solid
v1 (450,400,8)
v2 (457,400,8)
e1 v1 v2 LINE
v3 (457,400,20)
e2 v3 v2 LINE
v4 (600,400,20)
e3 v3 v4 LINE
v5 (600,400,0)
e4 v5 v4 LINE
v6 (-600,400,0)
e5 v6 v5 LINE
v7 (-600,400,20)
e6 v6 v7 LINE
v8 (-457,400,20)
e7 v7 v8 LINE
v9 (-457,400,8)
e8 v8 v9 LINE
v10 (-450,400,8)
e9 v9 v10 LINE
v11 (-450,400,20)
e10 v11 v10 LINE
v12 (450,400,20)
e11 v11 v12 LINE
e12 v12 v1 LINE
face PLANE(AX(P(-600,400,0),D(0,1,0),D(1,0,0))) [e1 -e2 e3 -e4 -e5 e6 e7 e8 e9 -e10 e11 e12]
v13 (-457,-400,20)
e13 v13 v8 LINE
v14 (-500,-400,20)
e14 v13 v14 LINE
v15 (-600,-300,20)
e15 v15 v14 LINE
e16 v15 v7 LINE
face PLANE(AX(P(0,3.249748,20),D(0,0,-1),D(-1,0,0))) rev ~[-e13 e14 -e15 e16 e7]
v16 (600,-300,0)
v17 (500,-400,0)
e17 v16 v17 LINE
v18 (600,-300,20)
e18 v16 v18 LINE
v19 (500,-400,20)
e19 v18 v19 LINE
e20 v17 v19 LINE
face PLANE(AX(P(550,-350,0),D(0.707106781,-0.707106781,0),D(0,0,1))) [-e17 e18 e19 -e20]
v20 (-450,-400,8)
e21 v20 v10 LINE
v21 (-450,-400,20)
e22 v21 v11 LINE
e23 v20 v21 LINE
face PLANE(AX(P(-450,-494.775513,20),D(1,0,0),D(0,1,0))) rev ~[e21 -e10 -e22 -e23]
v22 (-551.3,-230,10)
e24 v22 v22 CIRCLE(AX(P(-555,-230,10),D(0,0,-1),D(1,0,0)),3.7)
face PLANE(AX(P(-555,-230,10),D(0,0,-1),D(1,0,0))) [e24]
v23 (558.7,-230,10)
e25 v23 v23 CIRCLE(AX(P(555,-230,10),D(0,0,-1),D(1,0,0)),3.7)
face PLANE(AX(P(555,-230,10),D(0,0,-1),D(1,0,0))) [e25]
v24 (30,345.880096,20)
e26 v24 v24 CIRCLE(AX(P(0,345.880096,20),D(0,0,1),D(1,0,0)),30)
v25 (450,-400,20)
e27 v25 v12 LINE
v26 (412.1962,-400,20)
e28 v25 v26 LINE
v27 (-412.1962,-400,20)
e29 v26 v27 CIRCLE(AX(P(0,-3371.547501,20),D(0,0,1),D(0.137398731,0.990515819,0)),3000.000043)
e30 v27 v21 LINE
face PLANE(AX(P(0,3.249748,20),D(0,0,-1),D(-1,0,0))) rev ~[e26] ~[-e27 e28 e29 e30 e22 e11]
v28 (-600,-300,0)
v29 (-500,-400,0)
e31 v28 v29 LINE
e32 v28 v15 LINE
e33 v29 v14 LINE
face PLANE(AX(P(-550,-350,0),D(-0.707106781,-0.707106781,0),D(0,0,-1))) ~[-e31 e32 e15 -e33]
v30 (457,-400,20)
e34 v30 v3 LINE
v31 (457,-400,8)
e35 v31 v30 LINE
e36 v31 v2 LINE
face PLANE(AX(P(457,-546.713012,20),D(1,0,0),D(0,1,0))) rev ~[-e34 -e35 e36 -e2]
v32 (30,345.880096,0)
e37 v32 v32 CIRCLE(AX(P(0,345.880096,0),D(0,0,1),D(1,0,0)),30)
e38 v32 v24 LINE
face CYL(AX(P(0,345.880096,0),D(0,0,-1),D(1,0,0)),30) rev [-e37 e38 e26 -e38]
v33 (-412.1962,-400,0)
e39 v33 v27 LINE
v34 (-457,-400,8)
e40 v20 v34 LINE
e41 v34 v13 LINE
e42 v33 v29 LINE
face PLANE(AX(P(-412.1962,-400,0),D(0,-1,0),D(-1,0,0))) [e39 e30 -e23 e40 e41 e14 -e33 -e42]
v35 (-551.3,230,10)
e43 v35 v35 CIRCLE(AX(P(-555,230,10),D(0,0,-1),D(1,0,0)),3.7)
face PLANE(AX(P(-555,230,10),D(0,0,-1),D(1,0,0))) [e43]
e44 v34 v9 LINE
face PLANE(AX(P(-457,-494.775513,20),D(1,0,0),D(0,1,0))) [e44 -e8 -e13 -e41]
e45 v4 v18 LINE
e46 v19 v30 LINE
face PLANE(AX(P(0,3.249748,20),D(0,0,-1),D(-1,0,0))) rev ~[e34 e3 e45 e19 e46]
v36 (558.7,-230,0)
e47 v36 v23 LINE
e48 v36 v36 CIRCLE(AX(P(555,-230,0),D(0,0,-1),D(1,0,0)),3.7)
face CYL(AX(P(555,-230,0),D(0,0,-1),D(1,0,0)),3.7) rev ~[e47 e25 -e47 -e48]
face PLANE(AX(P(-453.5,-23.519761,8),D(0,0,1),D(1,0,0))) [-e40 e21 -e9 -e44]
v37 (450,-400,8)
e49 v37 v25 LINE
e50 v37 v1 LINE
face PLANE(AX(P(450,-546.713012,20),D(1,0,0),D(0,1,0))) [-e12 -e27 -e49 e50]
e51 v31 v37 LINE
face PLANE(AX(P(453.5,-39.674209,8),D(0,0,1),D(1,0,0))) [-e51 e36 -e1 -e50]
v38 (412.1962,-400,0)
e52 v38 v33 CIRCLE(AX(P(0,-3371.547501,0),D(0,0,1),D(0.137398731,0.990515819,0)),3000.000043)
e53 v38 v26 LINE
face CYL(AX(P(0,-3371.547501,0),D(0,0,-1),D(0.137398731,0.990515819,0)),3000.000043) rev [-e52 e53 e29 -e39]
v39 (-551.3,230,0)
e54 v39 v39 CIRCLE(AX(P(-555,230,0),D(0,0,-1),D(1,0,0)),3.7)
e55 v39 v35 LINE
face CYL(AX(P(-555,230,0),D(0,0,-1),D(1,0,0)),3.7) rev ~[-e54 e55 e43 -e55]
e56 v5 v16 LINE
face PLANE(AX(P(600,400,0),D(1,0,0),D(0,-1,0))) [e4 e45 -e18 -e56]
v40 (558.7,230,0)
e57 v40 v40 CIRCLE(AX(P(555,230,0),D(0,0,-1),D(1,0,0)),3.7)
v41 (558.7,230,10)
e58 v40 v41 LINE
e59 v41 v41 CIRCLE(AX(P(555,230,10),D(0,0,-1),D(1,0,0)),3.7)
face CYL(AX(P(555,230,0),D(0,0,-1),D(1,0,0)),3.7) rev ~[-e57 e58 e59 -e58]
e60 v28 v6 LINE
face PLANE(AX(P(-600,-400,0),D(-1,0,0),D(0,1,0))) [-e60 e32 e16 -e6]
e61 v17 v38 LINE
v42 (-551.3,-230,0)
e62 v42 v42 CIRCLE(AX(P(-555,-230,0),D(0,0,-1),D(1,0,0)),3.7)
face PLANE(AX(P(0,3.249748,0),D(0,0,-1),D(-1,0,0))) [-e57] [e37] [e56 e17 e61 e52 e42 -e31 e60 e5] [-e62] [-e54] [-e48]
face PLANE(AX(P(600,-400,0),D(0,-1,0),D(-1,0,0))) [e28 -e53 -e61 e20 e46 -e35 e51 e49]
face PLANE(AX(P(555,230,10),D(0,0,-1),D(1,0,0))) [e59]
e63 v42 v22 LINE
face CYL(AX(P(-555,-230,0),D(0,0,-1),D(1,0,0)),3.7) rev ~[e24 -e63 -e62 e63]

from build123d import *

# Parameters (mm, degrees)
SKETCH_R        = 30
PAD_DEPTH       = 20
SKETCH001_W     = 7
SKETCH001_H     = 942.511505
SKETCH001_H_2   = 1014.077607
POCKET_DEPTH    = 12
SKETCH002_R     = 3.7
POCKET001_DEPTH = 10
CHAMFER_SIZE    = 100


with BuildPart() as part:
    # Sketch → Pad (new body)
    with BuildSketch(Plane.XY):
        with BuildLine():
            Line((-600, 400), (600, 400))
            Line((600, 400), (600, -400))
            Line((600, -400), (412.1962, -400))
            ThreePointArc((412.1962, -400), (0, -371.547458), (-412.1962, -400))
            Line((-412.1962, -400), (-600, -400))
            Line((-600, -400), (-600, 400))
        make_face()
        with Locations((0, 345.880096)):
            Circle(SKETCH_R, mode=Mode.SUBTRACT)
    extrude(amount=PAD_DEPTH)

    # Sketch001 → Pocket (cut)
    with BuildSketch(Plane.XY.offset(20)):
        with Locations((-453.5, -23.519761)):
            Rectangle(SKETCH001_W, SKETCH001_H)
        with Locations((453.5, -39.674209)):
            Rectangle(SKETCH001_W, SKETCH001_H_2)
    extrude(amount=-POCKET_DEPTH, mode=Mode.SUBTRACT)

    # Sketch002 → Pocket001 (cut)
    with BuildSketch(Plane(origin=(0, 0, 0), x_dir=(1, 0, 0), z_dir=(0, 0, -1))):
        with Locations((-555, -230)):
            Circle(SKETCH002_R)
        with Locations((-555, 230)):
            Circle(SKETCH002_R)
        with Locations((555, 230)):
            Circle(SKETCH002_R)
        with Locations((555, -230)):
            Circle(SKETCH002_R)
    extrude(amount=-POCKET001_DEPTH, mode=Mode.SUBTRACT)

    # Chamfer
    chamfer_edges = [part.edges().sort_by_distance(p)[0] for p in [
        (-600, -400, 10),
        (600, -400, 10),
    ]]
    chamfer(chamfer_edges, length=CHAMFER_SIZE)


solid = part.part
